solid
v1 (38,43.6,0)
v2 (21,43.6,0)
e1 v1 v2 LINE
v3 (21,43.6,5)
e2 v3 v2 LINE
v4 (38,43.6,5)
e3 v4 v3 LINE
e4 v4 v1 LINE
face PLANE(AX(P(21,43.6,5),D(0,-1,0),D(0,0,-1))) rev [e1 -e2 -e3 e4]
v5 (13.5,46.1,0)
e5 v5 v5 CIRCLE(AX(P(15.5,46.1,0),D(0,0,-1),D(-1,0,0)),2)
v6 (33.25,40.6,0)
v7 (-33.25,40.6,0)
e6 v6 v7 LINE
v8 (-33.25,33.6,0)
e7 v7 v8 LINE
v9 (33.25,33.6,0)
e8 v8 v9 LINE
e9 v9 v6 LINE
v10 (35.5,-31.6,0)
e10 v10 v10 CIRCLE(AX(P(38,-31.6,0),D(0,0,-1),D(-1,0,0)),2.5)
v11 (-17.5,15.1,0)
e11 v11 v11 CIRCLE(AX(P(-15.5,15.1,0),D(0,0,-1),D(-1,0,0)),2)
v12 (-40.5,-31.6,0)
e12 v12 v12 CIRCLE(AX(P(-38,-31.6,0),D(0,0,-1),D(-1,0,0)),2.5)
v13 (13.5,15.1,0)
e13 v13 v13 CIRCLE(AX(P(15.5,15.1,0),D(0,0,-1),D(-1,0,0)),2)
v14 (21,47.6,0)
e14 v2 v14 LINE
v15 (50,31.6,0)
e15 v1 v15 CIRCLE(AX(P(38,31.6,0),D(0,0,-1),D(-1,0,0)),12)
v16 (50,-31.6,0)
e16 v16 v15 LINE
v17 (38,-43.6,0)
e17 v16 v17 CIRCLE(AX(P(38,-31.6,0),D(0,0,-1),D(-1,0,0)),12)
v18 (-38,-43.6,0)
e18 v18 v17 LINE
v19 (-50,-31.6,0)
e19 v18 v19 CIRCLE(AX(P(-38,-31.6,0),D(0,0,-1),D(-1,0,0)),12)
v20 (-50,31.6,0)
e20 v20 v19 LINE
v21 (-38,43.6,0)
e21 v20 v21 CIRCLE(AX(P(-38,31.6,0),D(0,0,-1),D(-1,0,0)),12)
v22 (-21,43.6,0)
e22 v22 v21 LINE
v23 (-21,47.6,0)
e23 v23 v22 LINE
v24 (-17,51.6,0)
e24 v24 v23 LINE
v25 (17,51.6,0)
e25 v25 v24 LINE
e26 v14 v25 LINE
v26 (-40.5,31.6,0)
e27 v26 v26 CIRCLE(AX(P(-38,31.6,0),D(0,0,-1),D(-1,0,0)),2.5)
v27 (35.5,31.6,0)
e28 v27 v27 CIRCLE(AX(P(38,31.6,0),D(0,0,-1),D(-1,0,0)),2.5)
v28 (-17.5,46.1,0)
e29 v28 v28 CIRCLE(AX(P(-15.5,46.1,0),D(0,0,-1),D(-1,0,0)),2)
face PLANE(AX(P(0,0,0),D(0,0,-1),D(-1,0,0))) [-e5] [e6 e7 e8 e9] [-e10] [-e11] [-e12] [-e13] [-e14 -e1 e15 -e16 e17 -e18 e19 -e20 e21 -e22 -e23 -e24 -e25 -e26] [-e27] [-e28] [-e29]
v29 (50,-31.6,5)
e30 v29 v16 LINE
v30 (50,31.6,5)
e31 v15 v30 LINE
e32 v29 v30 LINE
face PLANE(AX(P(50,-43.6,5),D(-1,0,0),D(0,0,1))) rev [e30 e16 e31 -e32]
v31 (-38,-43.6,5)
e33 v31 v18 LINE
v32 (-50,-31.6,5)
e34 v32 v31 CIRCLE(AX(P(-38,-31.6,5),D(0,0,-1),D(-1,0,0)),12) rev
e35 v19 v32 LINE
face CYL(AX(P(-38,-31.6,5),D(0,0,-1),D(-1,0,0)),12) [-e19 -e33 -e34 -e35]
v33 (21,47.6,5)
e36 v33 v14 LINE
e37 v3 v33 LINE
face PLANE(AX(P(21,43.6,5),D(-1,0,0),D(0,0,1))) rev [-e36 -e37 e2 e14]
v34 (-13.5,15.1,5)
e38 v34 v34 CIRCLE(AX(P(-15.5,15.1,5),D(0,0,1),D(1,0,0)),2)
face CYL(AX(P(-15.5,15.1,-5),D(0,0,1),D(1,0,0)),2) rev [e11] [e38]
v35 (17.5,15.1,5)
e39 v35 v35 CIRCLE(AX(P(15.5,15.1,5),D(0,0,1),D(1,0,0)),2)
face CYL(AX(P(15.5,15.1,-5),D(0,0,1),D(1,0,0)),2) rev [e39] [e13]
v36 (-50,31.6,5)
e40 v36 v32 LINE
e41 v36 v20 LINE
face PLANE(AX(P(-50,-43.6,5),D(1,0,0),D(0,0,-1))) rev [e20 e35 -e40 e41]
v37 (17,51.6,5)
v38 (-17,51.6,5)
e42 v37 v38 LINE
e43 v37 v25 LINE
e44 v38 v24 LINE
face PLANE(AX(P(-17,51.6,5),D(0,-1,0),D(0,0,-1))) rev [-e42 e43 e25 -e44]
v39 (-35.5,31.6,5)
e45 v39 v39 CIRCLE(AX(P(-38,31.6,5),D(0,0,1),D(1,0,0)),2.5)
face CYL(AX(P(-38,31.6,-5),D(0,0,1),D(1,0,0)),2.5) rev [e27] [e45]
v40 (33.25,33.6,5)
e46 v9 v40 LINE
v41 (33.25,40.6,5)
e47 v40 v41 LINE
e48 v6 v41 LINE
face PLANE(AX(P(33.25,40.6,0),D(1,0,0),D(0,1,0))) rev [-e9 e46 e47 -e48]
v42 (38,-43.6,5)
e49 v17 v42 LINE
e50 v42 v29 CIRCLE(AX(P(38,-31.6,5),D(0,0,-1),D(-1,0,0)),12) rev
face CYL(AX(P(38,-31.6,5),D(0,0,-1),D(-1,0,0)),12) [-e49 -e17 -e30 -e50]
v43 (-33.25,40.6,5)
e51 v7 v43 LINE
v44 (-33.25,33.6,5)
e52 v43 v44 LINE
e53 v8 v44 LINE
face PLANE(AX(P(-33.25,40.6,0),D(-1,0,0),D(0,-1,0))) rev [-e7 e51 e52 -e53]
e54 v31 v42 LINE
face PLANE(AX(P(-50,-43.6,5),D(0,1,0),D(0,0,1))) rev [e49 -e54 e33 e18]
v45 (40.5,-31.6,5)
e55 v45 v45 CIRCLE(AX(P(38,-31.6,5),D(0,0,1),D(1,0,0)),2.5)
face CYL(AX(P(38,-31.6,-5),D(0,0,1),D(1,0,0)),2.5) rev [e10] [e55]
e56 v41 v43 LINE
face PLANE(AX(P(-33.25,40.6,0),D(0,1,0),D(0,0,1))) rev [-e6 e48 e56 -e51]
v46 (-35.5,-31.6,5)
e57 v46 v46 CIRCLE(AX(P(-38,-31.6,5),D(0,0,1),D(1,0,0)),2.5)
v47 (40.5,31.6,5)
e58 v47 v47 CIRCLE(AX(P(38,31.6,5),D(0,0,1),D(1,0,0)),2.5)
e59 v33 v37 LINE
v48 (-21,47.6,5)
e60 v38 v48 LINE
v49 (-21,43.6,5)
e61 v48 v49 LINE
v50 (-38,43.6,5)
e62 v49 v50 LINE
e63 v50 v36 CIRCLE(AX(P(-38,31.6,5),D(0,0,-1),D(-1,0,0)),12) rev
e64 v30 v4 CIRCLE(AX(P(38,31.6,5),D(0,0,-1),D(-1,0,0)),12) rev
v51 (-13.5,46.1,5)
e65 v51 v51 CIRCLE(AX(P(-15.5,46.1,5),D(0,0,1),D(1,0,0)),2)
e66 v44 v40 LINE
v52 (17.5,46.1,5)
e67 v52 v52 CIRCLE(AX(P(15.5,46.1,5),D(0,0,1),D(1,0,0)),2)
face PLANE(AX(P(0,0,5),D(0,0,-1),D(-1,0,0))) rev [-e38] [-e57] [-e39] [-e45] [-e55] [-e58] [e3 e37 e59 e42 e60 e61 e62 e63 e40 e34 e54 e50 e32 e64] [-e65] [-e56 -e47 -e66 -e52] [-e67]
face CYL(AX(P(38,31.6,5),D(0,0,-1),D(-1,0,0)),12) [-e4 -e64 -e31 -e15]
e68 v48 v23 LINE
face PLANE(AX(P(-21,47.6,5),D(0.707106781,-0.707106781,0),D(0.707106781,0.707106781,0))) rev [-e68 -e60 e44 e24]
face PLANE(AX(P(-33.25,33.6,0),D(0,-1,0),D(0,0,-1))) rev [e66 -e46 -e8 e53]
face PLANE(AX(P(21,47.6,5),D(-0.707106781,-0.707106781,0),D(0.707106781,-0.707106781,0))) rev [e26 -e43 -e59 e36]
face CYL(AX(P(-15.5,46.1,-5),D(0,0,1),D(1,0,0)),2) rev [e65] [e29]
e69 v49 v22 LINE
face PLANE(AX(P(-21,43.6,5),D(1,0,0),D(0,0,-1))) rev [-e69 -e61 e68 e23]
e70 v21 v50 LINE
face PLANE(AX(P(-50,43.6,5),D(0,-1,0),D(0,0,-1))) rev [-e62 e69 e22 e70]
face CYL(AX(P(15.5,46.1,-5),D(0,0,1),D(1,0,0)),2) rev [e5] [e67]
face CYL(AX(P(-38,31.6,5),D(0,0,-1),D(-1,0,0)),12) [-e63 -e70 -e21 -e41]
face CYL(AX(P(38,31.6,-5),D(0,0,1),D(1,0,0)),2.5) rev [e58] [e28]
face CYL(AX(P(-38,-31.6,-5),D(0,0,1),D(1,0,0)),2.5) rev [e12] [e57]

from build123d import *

# Parameters (mm, degrees)
Y_KSEKLIK_EKSTR_ZYON1_DEPTH = 5
IZIM2_R                     = 2.5
IZIM2_R_2                   = 2
KES_EKSTR_ZYON1_DEPTH       = 10
IZIM4_W                     = 66.5
IZIM4_H                     = 7
KES_EKSTR_ZYON3_DEPTH       = 5
RADYUS1_R                   = 12


with BuildPart() as part:
    # Çizim1 → Yükseklik-Ekstrüzyon1 (new body)
    with BuildSketch(Plane.XY):
        Polygon((21, 43.6), (50, 43.6), (50, -43.6), (-50, -43.6), (-50, 43.6), (-21, 43.6), (-21, 47.6), (-17, 51.6), (17, 51.6), (21, 47.6), align=None)
    extrude(amount=Y_KSEKLIK_EKSTR_ZYON1_DEPTH)

    # Çizim2 → Kes-Ekstrüzyon1 (cut)
    with BuildSketch(Plane.XY.offset(5)):
        with Locations((38, -31.6)):
            Circle(IZIM2_R)
        with Locations((38, 31.6)):
            Circle(IZIM2_R)
        with Locations((-15.5, 46.1)):
            Circle(IZIM2_R_2)
        with Locations((15.5, 46.1)):
            Circle(IZIM2_R_2)
        with Locations((15.5, 15.1)):
            Circle(IZIM2_R_2)
        with Locations((-15.5, 15.1)):
            Circle(IZIM2_R_2)
        with Locations((-38, 31.6)):
            Circle(IZIM2_R)
        with Locations((-38, -31.6)):
            Circle(IZIM2_R)
    extrude(amount=-KES_EKSTR_ZYON1_DEPTH, mode=Mode.SUBTRACT)

    # Çizim4 → Kes-Ekstrüzyon3 (cut)
    with BuildSketch(Plane.XY.offset(5)):
        with Locations((0, 37.1)):
            Rectangle(IZIM4_W, IZIM4_H)
    extrude(amount=-KES_EKSTR_ZYON3_DEPTH, mode=Mode.SUBTRACT)

    # Radyus1
    radyus1_edges = [part.edges().sort_by_distance(p)[0] for p in [
        (50, -43.6, 2.5),
        (-50, -43.6, 2.5),
        (-50, 43.6, 2.5),
        (50, 43.6, 2.5),
    ]]
    fillet(radyus1_edges, radius=RADYUS1_R)


solid = part.part
